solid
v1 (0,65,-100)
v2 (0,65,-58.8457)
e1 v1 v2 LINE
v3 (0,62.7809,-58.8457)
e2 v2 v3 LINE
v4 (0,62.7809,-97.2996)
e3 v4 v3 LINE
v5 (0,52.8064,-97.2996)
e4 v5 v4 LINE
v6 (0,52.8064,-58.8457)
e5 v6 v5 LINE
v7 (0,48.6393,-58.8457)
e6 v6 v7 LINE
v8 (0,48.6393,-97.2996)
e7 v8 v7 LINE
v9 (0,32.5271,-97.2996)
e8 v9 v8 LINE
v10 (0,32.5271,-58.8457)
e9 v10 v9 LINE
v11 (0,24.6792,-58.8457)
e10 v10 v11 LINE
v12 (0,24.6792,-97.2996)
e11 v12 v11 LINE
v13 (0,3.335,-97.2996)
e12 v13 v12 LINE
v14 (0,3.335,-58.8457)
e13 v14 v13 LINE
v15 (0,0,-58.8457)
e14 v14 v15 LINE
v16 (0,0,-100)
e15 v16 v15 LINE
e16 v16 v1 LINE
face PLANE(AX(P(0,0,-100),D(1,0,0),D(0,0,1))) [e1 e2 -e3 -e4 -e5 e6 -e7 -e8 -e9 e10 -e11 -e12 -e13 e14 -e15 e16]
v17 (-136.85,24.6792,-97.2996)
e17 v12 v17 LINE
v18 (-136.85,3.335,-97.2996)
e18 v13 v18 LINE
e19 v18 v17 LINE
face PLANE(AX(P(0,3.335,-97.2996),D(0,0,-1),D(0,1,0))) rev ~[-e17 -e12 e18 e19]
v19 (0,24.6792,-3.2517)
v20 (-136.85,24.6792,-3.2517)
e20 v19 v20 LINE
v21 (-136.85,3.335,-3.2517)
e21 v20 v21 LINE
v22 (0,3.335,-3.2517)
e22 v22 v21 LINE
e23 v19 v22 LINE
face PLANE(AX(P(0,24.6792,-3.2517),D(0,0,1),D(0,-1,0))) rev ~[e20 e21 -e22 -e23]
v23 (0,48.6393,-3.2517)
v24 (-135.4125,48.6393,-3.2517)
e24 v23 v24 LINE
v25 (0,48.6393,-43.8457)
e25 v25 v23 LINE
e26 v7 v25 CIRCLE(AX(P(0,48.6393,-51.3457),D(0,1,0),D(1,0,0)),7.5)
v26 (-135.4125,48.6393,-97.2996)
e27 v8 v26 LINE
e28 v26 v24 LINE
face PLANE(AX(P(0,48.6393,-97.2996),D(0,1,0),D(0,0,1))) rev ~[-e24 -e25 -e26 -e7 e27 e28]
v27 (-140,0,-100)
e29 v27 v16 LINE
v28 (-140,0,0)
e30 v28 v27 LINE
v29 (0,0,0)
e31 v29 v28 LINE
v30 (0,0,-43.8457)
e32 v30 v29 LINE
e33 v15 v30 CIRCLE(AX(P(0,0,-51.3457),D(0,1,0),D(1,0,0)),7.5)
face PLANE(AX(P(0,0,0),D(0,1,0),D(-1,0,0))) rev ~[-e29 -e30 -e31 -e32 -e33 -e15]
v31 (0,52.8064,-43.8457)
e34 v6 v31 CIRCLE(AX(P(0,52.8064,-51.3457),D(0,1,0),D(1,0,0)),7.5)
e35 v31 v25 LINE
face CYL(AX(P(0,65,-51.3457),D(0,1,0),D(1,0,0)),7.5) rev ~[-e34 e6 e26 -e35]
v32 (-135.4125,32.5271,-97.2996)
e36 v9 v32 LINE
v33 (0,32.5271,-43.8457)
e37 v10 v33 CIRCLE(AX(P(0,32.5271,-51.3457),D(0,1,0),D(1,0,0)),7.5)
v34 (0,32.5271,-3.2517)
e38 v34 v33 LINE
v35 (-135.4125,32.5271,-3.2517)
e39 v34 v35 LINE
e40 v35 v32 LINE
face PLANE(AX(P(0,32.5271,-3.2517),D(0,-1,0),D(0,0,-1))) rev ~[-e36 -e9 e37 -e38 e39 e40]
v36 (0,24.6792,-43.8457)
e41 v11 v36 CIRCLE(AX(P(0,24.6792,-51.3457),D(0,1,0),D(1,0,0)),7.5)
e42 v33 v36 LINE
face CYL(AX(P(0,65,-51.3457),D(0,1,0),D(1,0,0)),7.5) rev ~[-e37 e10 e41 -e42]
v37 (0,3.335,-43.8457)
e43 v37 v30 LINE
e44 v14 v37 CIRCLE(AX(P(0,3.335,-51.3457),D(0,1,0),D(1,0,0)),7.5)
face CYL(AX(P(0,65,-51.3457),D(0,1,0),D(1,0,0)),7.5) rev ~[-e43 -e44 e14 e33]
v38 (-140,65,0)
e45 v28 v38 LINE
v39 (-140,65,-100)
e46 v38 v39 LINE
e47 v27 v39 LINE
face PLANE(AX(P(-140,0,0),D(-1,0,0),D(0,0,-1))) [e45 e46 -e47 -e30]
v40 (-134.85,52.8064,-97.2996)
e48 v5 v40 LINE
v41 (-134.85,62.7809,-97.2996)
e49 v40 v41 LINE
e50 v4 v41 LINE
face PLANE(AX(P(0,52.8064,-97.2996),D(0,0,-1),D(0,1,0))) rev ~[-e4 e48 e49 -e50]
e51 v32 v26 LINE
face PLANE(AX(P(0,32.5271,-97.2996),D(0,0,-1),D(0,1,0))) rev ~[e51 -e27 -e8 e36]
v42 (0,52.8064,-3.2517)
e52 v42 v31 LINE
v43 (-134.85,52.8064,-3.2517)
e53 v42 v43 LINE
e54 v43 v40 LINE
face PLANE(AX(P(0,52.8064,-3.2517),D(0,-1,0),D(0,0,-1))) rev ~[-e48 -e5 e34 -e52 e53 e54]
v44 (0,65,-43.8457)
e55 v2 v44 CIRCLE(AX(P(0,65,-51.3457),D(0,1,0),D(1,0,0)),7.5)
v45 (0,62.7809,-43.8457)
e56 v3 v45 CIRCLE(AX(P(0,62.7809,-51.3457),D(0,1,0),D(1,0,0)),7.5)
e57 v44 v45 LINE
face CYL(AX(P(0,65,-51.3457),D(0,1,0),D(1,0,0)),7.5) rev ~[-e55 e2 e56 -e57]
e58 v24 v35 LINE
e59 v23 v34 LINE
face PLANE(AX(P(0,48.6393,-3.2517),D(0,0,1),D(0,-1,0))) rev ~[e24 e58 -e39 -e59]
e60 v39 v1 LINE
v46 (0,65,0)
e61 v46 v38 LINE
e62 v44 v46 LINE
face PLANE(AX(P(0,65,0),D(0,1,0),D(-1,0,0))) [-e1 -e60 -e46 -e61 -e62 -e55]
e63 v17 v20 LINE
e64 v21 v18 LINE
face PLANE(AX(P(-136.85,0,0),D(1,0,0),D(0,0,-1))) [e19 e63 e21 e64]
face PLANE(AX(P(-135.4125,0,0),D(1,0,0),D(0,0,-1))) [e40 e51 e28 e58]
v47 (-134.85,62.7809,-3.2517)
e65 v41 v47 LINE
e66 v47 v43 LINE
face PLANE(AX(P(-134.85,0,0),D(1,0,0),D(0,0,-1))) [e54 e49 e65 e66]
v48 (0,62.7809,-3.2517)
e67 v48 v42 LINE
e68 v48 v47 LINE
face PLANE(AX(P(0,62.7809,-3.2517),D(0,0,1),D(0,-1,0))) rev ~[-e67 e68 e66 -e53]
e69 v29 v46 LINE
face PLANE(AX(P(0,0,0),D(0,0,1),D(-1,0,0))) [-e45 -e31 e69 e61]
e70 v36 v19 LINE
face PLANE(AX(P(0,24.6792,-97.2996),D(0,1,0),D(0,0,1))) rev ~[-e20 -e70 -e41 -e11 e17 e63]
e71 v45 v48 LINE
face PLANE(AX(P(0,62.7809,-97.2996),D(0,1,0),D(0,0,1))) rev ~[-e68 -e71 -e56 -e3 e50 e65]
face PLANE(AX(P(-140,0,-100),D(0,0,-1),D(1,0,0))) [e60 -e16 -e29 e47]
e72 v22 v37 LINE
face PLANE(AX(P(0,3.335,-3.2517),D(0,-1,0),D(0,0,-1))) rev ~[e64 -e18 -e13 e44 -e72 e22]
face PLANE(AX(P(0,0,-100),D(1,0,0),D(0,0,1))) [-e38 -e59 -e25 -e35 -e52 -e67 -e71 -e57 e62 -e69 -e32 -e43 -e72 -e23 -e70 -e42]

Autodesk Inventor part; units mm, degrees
ref_plane "YZ Plane" through (0, 0, 0) normal (1, 0, 0) x (0, 1, 0)
ref_plane "XZ Plane" through (0, 0, 0) normal (0, 1, 0) x (-1, 0, 0)
ref_plane "XY Plane" through (0, 0, 0) normal (0, 0, 1) x (1, 0, 0)
sketch "Sketch1" plane through (0, 0, 0) normal (0, 1, 0) x (-1, 0, 0)
  point P0 (0, 0)
sketch "Sketch2" plane through (0, 0, 0) normal (0, 1, 0) x (-1, 0, 0)
  point P0 (0, 0)
sketch "Sketch3" plane through (0, 0, 0) normal (0, 1, 0) x (-1, 0, 0)
  line L0 (0, 0) -> (140, 0)
  line L1 (140, 0) -> (140, -100)
  line L2 (140, -100) -> (0, -100)
  line L3 (0, -100) -> (0, 0)
  dimension "d0" = 140
  dimension "d1" = 100
extrude "Extrusion1" add sketch "Sketch3" along normal blind 65
sketch "Sketch4" plane through (0, 0, 0) normal (1, 0, 0) x (0, 0, -1)
  line L0 (3.2517, 3.335) -> (97.2996, 3.335)
  line L1 (97.2996, 3.335) -> (97.2996, 24.6792)
  line L2 (97.2996, 24.6792) -> (3.2517, 24.6792)
  line L3 (3.2517, 24.6792) -> (3.2517, 3.335)
  point P0 (0, 0)
extrude "Extrusion2" cut sketch "Sketch4" against normal blind 136.85
sketch "Sketch6" plane through (0, 0, 0) normal (1, 0, 0) x (0, 0, -1)
  line L0 (3.2517, 32.5271) -> (97.2996, 32.5271)
  line L1 (97.2996, 32.5271) -> (97.2996, 48.6393)
  line L2 (97.2996, 48.6393) -> (3.2517, 48.6393)
  line L3 (3.2517, 48.6393) -> (3.2517, 32.5271)
  point P0 (0, 0)
extrude "Extrusion4" cut sketch "Sketch6" against normal blind 135.4125
sketch "Sketch7" plane through (0, 0, 0) normal (1, 0, 0) x (0, 0, -1)
  line L0 (3.2517, 52.8064) -> (97.2996, 52.8064)
  line L1 (97.2996, 52.8064) -> (97.2996, 62.7809)
  line L2 (97.2996, 62.7809) -> (3.2517, 62.7809)
  line L3 (3.2517, 62.7809) -> (3.2517, 52.8064)
  point P0 (0, 0)
extrude "Extrusion5" cut sketch "Sketch7" against normal blind 134.85
sketch "Sketch8" plane through (0, 0, 0) normal (1, 0, 0) x (0, 0, -1)
  line L0 (97.2996, 62.7809) -> (97.2996, 52.8064) projected
  line L1 (3.2517, 52.8064) -> (3.2517, 62.7809) projected
  line L2 (97.2996, 52.8064) -> (3.2517, 52.8064) projected
  line L3 (3.2517, 62.7809) -> (97.2996, 62.7809) projected
  line L4 (97.2996, 32.5271) -> (3.2517, 32.5271) projected
  line L5 (3.2517, 48.6393) -> (97.2996, 48.6393) projected
  line L6 (97.2996, 48.6393) -> (97.2996, 32.5271) projected
  line L7 (3.2517, 32.5271) -> (3.2517, 48.6393) projected
  line L8 (97.2996, 24.6792) -> (97.2996, 3.335) projected
  line L9 (3.2517, 3.335) -> (3.2517, 24.6792) projected
  line L10 (97.2996, 3.335) -> (3.2517, 3.335) projected
  line L11 (3.2517, 24.6792) -> (97.2996, 24.6792) projected
  point P0 (0, 0)
  point P1 (3.2517, 57.7937)
  dimension "d20" = 94.048
  dimension "d21" = 9.9745
  dimension "d22" = 16.1122
  dimension "d23" = 94.048
  dimension "d24" = 94.048
  dimension "d25" = 21.3442
sketch "Sketch9" plane through (0, 0, 0) normal (1, 0, 0) x (0, 0, -1)
  line L0 (100, 0) -> (100, 65) projected
  line L1 (0, 0) -> (0, 65) projected
  line L2 (0, 0) -> (100, 0) projected
  line L3 (0, 65) -> (100, 65) projected
  line L4 (3.2517, 62.7809) -> (97.2996, 62.7809) projected
  line L5 (3.2517, 52.8064) -> (3.2517, 62.7809) projected
  line L6 (3.2517, 48.6393) -> (97.2996, 48.6393) projected
  line L7 (97.2996, 52.8064) -> (3.2517, 52.8064) projected
  line L8 (3.2517, 32.5271) -> (3.2517, 48.6393) projected
  line L9 (3.2517, 24.6792) -> (97.2996, 24.6792) projected
  line L10 (97.2996, 32.5271) -> (3.2517, 32.5271) projected
  line L11 (97.2996, 48.6393) -> (97.2996, 32.5271) projected
  line L12 (3.2517, 3.335) -> (3.2517, 24.6792) projected
  line L13 (97.2996, 24.6792) -> (97.2996, 3.335) projected
  line L14 (97.2996, 3.335) -> (3.2517, 3.335) projected
  dimension "d26" = 100
  dimension "d27" = 65
  dimension "d28" = 2.2191
  dimension "d29" = 3.2517
  dimension "d30" = 4.167
  dimension "d31" = 3.2517
  dimension "d32" = 7.8479
  dimension "d33" = 2.7004
  dimension "d34" = 3.2517
  dimension "d35" = 2.7004
  dimension "d36" = 3.335
sketch "Sketch10" plane through (0, 65, 0) normal (0, 1, 0) x (1, 0, 0)
  line L0 (0, 0) -> (0, 100) projected
  circle A0 centre (0, 51.3457) radius 7.5
  point P0 (0, 58.8457)
  point P1 (0, 43.8457)
  dimension "d37" = 15
extrude "Extrusion6" cut sketch "Sketch10" against normal blind 65 contours A0 L0 picked at (-3.0801, 51.117)
properties part number "hddcase"
